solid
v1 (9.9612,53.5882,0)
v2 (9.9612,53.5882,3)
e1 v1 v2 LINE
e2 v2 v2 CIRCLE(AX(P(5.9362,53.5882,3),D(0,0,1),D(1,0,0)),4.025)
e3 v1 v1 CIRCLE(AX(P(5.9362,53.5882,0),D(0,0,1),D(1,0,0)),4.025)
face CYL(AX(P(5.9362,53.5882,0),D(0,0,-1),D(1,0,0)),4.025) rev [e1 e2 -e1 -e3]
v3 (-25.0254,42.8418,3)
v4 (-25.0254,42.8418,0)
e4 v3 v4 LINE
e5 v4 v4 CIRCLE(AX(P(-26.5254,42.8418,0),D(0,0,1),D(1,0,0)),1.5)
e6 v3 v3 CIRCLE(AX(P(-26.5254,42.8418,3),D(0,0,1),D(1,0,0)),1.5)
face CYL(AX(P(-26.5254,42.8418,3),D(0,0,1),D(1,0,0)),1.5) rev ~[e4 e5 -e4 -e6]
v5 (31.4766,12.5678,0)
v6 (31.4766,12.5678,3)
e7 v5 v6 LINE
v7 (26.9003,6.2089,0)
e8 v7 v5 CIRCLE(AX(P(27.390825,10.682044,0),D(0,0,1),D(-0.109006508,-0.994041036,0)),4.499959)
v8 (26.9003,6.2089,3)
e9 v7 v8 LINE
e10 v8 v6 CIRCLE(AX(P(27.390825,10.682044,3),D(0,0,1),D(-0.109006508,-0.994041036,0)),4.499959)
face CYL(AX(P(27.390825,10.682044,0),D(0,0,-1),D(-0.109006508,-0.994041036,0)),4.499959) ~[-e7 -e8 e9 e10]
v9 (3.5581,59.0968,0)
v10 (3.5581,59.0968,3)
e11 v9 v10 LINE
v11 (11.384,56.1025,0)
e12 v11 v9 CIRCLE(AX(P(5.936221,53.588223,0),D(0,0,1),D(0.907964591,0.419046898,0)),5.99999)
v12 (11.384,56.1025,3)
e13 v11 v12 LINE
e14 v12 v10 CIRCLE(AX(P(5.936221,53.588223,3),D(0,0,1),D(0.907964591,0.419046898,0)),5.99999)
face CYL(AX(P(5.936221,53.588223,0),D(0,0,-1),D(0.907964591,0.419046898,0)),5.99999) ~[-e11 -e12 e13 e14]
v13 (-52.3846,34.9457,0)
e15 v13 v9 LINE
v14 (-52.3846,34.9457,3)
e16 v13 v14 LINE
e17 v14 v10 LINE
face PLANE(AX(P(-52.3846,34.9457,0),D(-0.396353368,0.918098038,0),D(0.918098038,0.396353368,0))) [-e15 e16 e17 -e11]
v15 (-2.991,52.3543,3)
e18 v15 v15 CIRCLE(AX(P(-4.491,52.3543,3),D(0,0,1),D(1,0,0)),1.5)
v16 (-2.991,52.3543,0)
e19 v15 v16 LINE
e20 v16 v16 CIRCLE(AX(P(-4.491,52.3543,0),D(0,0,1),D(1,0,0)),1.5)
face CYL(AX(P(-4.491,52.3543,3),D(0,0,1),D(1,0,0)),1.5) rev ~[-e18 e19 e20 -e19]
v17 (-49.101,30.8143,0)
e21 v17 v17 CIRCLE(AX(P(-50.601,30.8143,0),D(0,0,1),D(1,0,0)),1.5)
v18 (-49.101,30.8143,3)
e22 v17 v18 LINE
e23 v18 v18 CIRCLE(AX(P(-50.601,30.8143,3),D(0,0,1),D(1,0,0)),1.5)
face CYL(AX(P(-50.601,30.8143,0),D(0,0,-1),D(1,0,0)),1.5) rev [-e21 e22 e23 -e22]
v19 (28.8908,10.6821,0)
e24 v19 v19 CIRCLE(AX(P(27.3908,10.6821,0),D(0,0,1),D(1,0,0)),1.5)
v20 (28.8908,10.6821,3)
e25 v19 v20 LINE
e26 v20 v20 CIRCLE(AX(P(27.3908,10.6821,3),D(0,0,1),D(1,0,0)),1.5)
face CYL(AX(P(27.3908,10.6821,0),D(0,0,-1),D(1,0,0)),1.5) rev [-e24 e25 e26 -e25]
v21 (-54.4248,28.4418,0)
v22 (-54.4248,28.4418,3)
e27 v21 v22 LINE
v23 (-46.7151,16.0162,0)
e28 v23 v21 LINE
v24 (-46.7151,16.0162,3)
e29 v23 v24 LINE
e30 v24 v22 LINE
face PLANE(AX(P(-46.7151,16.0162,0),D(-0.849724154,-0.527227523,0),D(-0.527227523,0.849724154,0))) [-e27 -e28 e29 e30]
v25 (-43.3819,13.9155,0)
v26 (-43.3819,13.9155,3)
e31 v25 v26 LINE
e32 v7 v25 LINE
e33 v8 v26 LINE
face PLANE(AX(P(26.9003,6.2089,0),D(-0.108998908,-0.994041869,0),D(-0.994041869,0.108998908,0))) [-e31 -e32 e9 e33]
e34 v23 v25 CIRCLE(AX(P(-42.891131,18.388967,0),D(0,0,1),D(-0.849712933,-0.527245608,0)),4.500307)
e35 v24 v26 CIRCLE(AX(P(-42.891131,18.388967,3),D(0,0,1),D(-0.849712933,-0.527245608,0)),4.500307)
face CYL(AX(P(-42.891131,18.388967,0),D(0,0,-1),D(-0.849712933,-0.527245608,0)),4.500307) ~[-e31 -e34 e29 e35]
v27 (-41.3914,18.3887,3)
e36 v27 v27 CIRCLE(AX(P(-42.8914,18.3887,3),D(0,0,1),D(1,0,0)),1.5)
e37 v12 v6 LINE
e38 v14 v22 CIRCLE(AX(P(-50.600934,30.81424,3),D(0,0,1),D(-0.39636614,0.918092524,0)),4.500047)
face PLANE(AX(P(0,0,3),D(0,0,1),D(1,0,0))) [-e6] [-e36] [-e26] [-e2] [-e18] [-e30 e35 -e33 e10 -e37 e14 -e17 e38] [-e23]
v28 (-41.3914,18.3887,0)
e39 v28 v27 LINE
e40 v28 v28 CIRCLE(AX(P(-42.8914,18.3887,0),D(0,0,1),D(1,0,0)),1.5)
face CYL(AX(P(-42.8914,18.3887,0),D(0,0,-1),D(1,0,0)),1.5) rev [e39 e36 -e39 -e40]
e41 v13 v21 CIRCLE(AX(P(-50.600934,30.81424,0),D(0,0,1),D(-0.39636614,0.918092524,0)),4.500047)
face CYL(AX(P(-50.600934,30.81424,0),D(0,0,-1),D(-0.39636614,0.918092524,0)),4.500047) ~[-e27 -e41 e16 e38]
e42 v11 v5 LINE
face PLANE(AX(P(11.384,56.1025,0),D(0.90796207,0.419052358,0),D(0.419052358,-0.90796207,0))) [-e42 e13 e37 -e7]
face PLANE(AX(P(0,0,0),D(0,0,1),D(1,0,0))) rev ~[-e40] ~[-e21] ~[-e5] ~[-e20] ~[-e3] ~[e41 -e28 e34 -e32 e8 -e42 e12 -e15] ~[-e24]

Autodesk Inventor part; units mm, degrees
ref_plane "YZ Plane" through (0, 0, 0) normal (1, 0, 0) x (0, 1, 0)
ref_plane "XZ Plane" through (0, 0, 0) normal (0, 1, 0) x (-1, 0, 0)
ref_plane "XY Plane" through (0, 0, 0) normal (0, 0, 1) x (1, 0, 0)
sketch "スケッチ1" plane through (0, 0, 0) normal (0, 0, 1) x (1, 0, 0)
  circle A0 centre (0, 0) radius 20.55 construction
  circle A1 centre (-21.6908, -16.4118) radius 19.1 construction
  circle A2 centre (25.3202, -9.9362) radius 19.1 construction
  circle A3 centre (-50.601, 30.8143) radius 1.5
  circle A4 centre (5.9362, 53.5882) radius 1.5
  circle A5 centre (27.3908, 10.6821) radius 1.5
  circle A6 centre (-42.8914, 18.3887) radius 1.5
  circle A7 centre (-21.6908, -16.4118) radius 4.025
  circle A8 centre (25.3202, -9.9362) radius 4.025
  circle A9 centre (0, 0) radius 4
  line L0 (-17.8785, -18.8026) -> (-30.4168, -38.7963) construction
  arc A10 (-17.8785, -18.8026) -> (-19.2493, -12.6317) centre (-21.6908, -16.4118) ccw construction
  line L1 (-19.2493, -12.6317) -> (-39.0737, 0.1727) construction
  line L2 (37.1409, -30.8522) -> (21.8866, -12.8448) construction
  arc A11 (22.3659, -6.5417) -> (21.8866, -12.8448) centre (25.3202, -9.9362) ccw construction
  line L3 (22.3659, -6.5417) -> (40.1678, 8.9519) construction
  line L4 (-21.6908, -16.4118) -> (-99.9742, 13.5882) construction
  line L5 (-105.5257, -16.4118) -> (-21.6908, -16.4118) construction
  line L6 (-21.6908, -16.4118) -> (-101.7113, -41.4118) construction
  line L7 (25.3202, -9.9362) -> (102.5386, -46.4118) construction
  line L8 (110.4743, -16.4118) -> (25.3202, -9.9362) construction
  line L9 (25.3202, -9.9362) -> (108.6869, 8.5882) construction
  line L10 (-18.0583, -13.7557) -> (-31.9879, 5.2949) construction
  line L11 (-17.339, -17.5569) -> (-24.5367, -44.9106) construction
  line L12 (21.5077, -7.5456) -> (34.045, 12.4488) construction
  line L13 (21.0739, -11.4259) -> (31.6059, -41.446) construction
  arc A12 (-24.6176, -40.3201) -> (-19.5065, -44.4166) centre (-20.132, -39.9603) ccw
  circle A13 centre (-20.132, -39.9603) radius 3 construction
  arc A14 (-38.9879, 7.9907) -> (-39.3359, 8.5262) centre (-35.3982, 10.7044) ccw construction
  circle A15 centre (-35.3982, 10.7044) radius 3 construction
  arc A16 (-31.9879, 5.2949) -> (-33.8465, 6.7744) centre (-35.6204, 2.6388) ccw construction
  circle A17 centre (-41.5152, -3.6073) radius 1.5
  line L14 (-33.8465, 6.7744) -> (-56.066, 16.3055) construction
  line L15 (-41.3386, 0.8892) -> (-72.6317, 2.1181) construction
  circle A18 centre (-42.8914, 18.3887) radius 3 construction
  circle A19 centre (-35.3982, 10.7044) radius 1.5
  circle A20 centre (36.7736, 17.5344) radius 1.5
  arc A21 (40.7942, 15.5132) -> (40.1934, 20.4593) centre (36.7736, 17.5344) ccw
  circle A22 centre (25.6508, -33.5339) radius 1.5
  arc A23 (26.2763, -37.9902) -> (30.1508, -33.5178) centre (25.6508, -33.5339) ccw
  circle A24 centre (36.7736, 17.5344) radius 3 construction
  circle A25 centre (25.6508, -33.5339) radius 3 construction
  arc A26 (36.6836, 14.4025) -> (34.045, 12.4488) centre (37.8575, 10.0583) ccw construction
  line L16 (36.6836, 14.4025) -> (64.1968, 21.8369) construction
  line L17 (43.2599, 10.0553) -> (82.9273, 8.8396) construction
  circle A27 centre (27.3908, 10.6821) radius 3 construction
  circle A28 centre (-21.6908, -16.4118) radius 7.025 construction
  circle A29 centre (25.3202, -9.9362) radius 7.025 construction
  arc A30 (40.8593, 15.6483) -> (30.1508, -33.5178) centre (146.4685, -33.1029) ccw
  arc A31 (-24.6176, -40.3201) -> (-39.1827, 8.2484) centre (-145.1158, -49.988) ccw
  arc A32 (-52.2824, 34.9884) -> (-54.1907, 28.1005) centre (-50.601, 30.8143) ccw
  arc A33 (9.356, 56.5132) -> (4.2549, 57.7623) centre (5.9362, 53.5882) ccw
  line L18 (-39.1827, 8.2484) -> (-54.1907, 28.1005)
  line L19 (-52.2824, 34.9884) -> (4.2549, 57.7623)
  line L20 (9.356, 56.5132) -> (40.1934, 20.4593)
  line L21 (-19.5065, -44.4166) -> (26.2763, -37.9902)
  circle A34 centre (-20.132, -39.9603) radius 1.5
  line L22 (-23.8868, -42.4405) -> (-17.339, -17.5569)
  arc A35 (-17.339, -17.5569) -> (-18.0583, -13.7557) centre (-21.6908, -16.4118) ccw
  line L23 (-18.0583, -13.7557) -> (-31.9879, 5.2949)
  arc A36 (-31.9879, 5.2949) -> (-33.8465, 6.7744) centre (-35.6204, 2.6388) ccw
  line L24 (-33.8465, 6.7744) -> (-40.0946, 9.4545)
  line L25 (40.7974, 15.5141) -> (36.6836, 14.4025)
  arc A37 (36.6836, 14.4025) -> (34.045, 12.4488) centre (37.8575, 10.0583) ccw
  line L26 (34.045, 12.4488) -> (21.5077, -7.5456)
  arc A38 (21.5077, -7.5456) -> (21.0739, -11.4259) centre (25.3202, -9.9362) ccw
  line L27 (21.0739, -11.4259) -> (29.592, -35.7057)
  dimension "d0" = 8.05
  dimension "d1" = 8.05
  dimension "d2" = 8
  dimension "d3" = 20.968
  dimension "d4" = 20.968
  dimension "d5" = 17.35
  dimension "d6" = 17.35
  dimension "d7" = 16.877
  dimension "d8" = 16.877
  dimension "d9" = 20.936
  dimension "d10" = 20.936
  dimension "d11" = 9
  dimension "d12" = 6
  dimension "d13" = 9
  dimension "d14" = 6
  dimension "d15" = 9
  dimension "d16" = 20.968
  dimension "d17" = 20.968
  dimension "d18" = 6
  dimension "d19" = 3
  dimension "d20" = 3
  dimension "d21" = 9
  dimension "d22" = 3
  dimension "d23" = 9
  dimension "d24" = 6
  dimension "d25" = 6
  dimension "d26" = 9
  dimension "d27" = 16.877
  dimension "d28" = 3
  dimension "d29" = 3
  dimension "d30" = 9
  dimension "d31" = 9
  dimension "d32" = 3
sketch "スケッチ2" plane through (0, 0, 0) normal (0, 0, 1) x (1, 0, 0)
  circle A0 centre (-50.601, 30.8143) radius 1.5 projected
  circle A1 centre (-42.8914, 18.3887) radius 1.5 projected
  circle A2 centre (5.9362, 53.5882) radius 1.5 projected
  circle A3 centre (27.3908, 10.6821) radius 1.5 projected
  arc A4 (-52.3846, 34.9457) -> (-54.4248, 28.4418) centre (-50.601, 30.8143) ccw
  arc A5 (-46.7151, 16.0162) -> (-43.3819, 13.9155) centre (-42.8914, 18.3887) ccw
  arc A6 (11.384, 56.1025) -> (3.5581, 59.0968) centre (5.9362, 53.5882) ccw
  arc A7 (26.9003, 6.2089) -> (31.4766, 12.5678) centre (27.3908, 10.6821) ccw
  line L0 (-46.7151, 16.0162) -> (-54.4248, 28.4418)
  line L1 (-52.3846, 34.9457) -> (3.5581, 59.0968)
  line L2 (11.384, 56.1025) -> (31.4766, 12.5678)
  line L3 (26.9003, 6.2089) -> (-43.3819, 13.9155)
  circle A8 centre (5.9362, 53.5882) radius 4.025
  point P0 (0, 0)
  dimension "d33" = 3
  dimension "d34" = 3
  dimension "d35" = 4.5
  dimension "d36" = 3
  dimension "d39" = 8.05
extrude "押し出し1" add sketch "スケッチ2" along normal blind 3 contours L1 A6 L2 A7 L3 A5 L0 A4
sketch "スケッチ3" plane through (0, 0, 3) normal (0, 0, 1) x (1, 0, 0)
  circle A0 centre (5.9362, 53.5882) radius 4.025 projected
  circle A1 centre (27.3908, 10.6821) radius 1.5 projected
  circle A2 centre (-42.8914, 18.3887) radius 1.5 projected
  circle A3 centre (-50.601, 30.8143) radius 1.5 projected
  line L0 (-54.4248, 28.4418) -> (-46.7151, 16.0162) projected
  arc A4 (-46.7151, 16.0162) -> (-43.3819, 13.9155) centre (-42.8914, 18.3887) ccw projected
  line L1 (-43.3819, 13.9155) -> (26.9003, 6.2089) projected
  arc A5 (26.9003, 6.2089) -> (31.4766, 12.5678) centre (27.3908, 10.6821) ccw projected
  line L2 (31.4766, 12.5678) -> (11.384, 56.1025) projected
  arc A6 (11.384, 56.1025) -> (3.5581, 59.0968) centre (5.9362, 53.5882) ccw projected
  line L3 (3.5581, 59.0968) -> (-52.3846, 34.9457) projected
  arc A7 (-52.3846, 34.9457) -> (-54.4248, 28.4418) centre (-50.601, 30.8143) ccw projected
  circle A8 centre (5.9362, 53.5882) radius 6
  circle A9 centre (-26.5254, 42.8418) radius 1.5
  circle A10 centre (-4.491, 52.3543) radius 1.5
  circle A11 centre (-4.491, 52.3543) radius 4.5 construction
  point P0 (0, 0)
  dimension "d40" = 12
  dimension "d41" = 3
  dimension "d42" = 3
  dimension "d43" = 3
  dimension "d44" = 3
  dimension "d45" = 24
  dimension "d46" = 9
extrude "押し出し2" cut sketch "スケッチ3" against normal blind 10 contours A9 | A10
equation "\"d4\" = d3"
equation "\"d6\" = d5"
equation "\"d8\" = d7"
equation "\"d10\" = d9"
equation "\"d16\" = d3"
equation "\"d17\" = d3"
equation "\"d27\" = d7"
properties part number "中間外フレーム2" material "ポリカーボネート、クリア"
